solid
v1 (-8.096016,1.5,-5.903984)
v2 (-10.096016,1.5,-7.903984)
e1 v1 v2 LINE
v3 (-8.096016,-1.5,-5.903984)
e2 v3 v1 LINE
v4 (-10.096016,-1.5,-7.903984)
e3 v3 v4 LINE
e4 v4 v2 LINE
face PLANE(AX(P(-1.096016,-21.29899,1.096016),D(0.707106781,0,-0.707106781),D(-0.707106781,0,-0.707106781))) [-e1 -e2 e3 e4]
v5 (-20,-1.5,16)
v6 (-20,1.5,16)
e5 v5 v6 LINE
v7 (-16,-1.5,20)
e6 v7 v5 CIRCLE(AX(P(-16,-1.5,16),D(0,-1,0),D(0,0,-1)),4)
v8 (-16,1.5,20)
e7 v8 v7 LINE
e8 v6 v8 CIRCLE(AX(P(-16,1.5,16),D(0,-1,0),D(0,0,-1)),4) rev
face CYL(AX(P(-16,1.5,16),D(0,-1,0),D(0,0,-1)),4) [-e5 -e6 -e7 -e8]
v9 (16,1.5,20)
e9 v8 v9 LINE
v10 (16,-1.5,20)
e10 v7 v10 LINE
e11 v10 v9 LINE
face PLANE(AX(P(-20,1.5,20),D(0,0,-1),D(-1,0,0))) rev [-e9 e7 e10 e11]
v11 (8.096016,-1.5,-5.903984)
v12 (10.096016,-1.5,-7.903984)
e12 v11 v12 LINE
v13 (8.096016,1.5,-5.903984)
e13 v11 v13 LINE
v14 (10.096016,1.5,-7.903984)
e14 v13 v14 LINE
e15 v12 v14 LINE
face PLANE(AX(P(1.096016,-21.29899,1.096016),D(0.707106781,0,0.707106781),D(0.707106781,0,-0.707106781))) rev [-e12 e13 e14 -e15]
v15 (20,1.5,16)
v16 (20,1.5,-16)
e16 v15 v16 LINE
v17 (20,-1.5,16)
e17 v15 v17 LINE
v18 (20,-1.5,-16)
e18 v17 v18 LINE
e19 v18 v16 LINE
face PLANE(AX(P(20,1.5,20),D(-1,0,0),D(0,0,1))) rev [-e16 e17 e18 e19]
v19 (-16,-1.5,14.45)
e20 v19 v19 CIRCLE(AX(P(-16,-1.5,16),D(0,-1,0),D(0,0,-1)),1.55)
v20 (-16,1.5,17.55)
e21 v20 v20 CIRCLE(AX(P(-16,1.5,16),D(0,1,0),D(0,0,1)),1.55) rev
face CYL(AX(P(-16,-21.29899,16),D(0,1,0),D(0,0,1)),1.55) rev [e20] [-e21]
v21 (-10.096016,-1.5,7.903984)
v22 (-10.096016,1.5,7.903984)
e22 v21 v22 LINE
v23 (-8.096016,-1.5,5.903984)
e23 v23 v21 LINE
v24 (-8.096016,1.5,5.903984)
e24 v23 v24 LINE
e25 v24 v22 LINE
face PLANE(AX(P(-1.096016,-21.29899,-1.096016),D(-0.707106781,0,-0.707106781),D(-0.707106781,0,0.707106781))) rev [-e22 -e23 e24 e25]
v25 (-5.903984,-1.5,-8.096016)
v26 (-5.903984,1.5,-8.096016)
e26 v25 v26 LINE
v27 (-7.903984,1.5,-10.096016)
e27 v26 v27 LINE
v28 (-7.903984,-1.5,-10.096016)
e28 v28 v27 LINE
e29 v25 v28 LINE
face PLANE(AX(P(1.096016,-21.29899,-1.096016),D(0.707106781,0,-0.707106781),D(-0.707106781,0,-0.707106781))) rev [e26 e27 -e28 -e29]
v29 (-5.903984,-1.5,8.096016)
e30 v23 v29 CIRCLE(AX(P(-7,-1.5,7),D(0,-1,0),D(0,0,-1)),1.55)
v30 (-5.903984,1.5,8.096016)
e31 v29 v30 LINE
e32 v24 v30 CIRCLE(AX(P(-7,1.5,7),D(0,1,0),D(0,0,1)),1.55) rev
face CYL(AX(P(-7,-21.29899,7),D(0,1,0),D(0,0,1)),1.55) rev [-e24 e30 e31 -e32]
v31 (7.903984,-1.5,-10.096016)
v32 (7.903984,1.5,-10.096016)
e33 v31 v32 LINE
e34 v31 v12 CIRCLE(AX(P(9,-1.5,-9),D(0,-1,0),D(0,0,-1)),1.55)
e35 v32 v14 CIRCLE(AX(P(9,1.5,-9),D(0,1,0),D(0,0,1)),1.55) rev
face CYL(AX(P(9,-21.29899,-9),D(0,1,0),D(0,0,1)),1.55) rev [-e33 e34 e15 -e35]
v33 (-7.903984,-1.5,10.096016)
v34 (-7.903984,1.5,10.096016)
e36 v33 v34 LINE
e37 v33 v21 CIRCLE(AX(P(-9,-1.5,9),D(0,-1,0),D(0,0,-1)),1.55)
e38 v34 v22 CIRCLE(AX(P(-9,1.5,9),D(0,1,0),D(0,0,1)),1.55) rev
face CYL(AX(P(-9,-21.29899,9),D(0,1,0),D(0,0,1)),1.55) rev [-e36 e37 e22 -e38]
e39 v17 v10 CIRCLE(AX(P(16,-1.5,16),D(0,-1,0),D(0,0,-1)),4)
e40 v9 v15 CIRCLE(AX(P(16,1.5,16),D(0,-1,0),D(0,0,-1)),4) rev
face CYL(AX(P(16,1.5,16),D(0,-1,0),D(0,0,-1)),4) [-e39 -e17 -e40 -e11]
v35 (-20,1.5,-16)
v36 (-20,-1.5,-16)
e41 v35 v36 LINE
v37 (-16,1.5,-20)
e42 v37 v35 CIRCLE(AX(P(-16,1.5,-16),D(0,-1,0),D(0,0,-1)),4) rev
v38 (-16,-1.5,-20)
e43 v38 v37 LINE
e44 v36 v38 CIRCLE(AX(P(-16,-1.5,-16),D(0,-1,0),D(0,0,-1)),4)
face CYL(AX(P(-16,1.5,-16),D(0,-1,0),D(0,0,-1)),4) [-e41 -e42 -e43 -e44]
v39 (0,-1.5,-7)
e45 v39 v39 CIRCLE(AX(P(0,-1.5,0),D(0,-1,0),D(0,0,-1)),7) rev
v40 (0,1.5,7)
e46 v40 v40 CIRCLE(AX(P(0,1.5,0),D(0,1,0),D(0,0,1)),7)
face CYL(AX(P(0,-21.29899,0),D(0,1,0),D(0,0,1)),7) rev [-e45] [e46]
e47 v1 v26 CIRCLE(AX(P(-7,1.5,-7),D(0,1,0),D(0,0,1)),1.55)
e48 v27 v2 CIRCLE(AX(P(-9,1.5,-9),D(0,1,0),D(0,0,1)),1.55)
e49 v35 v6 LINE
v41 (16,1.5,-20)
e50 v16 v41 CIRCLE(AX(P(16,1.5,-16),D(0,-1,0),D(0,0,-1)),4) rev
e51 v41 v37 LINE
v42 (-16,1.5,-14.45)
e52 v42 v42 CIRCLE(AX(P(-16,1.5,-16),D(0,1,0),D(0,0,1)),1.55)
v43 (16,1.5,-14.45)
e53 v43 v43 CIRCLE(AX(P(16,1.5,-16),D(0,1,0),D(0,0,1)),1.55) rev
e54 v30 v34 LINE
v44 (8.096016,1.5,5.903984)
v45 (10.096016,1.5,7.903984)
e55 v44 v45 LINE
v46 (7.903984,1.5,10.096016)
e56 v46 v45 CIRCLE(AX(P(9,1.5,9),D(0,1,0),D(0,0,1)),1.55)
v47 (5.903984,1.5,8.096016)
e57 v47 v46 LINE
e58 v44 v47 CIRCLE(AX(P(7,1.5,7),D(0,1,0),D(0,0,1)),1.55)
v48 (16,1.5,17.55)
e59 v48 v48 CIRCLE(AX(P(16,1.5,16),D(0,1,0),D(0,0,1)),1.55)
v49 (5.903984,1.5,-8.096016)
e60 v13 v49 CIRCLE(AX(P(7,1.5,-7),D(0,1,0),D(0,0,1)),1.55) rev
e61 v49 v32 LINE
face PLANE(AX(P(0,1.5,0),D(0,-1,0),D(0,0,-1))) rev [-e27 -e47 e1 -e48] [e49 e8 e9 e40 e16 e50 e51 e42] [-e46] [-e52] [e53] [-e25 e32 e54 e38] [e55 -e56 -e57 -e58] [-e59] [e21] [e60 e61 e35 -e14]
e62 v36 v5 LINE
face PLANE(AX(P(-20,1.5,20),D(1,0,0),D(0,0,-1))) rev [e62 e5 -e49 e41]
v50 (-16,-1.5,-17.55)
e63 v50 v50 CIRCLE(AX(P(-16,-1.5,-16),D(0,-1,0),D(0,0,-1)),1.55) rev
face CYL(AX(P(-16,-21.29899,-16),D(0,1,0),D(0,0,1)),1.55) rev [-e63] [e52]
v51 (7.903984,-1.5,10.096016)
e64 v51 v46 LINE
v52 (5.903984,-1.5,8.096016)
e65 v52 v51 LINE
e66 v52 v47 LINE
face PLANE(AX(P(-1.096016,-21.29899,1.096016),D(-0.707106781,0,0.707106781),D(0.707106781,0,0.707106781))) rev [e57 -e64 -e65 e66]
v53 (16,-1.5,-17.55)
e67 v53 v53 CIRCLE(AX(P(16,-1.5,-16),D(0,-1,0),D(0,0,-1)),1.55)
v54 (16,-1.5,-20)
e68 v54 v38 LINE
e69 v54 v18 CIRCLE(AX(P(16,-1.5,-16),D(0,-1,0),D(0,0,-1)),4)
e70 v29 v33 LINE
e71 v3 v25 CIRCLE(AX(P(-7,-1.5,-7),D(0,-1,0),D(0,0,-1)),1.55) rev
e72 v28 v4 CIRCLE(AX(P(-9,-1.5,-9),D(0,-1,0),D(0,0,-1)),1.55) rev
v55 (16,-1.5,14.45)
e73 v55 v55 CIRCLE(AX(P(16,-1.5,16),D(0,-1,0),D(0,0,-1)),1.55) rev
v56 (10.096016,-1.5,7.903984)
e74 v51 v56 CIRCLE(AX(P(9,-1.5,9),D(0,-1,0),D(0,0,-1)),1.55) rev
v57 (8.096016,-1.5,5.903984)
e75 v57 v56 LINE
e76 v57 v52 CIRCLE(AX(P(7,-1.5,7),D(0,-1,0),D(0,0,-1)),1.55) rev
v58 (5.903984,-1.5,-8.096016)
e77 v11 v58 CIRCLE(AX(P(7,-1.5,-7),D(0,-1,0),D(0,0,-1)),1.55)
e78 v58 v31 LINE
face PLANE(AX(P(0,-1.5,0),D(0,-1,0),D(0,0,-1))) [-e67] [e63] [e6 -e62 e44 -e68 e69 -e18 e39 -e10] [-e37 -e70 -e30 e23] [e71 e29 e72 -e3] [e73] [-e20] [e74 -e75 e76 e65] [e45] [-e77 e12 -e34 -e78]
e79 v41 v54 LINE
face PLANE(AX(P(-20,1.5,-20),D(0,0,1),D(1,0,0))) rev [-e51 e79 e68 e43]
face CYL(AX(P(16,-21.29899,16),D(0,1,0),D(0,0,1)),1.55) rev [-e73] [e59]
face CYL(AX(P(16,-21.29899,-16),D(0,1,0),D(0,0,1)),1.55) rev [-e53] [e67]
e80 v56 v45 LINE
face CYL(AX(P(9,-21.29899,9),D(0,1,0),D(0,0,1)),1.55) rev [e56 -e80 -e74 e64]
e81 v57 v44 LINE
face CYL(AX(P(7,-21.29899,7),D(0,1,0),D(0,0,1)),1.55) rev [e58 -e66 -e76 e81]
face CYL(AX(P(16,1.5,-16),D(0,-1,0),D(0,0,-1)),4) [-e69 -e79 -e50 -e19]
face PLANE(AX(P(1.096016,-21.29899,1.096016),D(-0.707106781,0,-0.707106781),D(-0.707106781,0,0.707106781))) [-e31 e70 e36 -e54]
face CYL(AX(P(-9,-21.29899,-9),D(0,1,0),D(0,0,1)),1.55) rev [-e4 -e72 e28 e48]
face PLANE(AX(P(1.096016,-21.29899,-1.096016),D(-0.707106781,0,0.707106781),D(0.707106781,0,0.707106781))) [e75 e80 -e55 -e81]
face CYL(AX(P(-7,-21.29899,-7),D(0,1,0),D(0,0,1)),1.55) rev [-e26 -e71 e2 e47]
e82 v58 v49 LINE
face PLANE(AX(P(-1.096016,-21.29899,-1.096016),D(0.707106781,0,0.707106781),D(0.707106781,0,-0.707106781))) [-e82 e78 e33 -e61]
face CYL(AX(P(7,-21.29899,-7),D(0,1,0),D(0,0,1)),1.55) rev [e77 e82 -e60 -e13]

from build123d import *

# Parameters (mm, degrees)
SKETCH1_W           = 40
SKETCH1_H           = 40
BOSS_EXTRUDE1_DEPTH = 1.5
FILLET1_R           = 4
SKETCH3_R           = 7
SKETCH3_R_2         = 1.55
CUT_EXTRUDE2_DEPTH  = 3


with BuildPart() as part:
    # Sketch1 → Boss-Extrude1 (new body, symmetric)
    with BuildSketch(Plane(origin=(0, 0, 0), x_dir=(1, 0, 0), z_dir=(0, 1, 0))):
        Rectangle(SKETCH1_W, SKETCH1_H)
    extrude(amount=BOSS_EXTRUDE1_DEPTH, both=True)

    # Fillet1
    fillet1_edges = [part.edges().sort_by_distance(p)[0] for p in [
        (20, 0, 20),
        (-20, 0, 20),
        (-20, 0, -20),
        (20, 0, -20),
    ]]
    fillet(fillet1_edges, radius=FILLET1_R)

    # Sketch3 → Cut-Extrude2 (cut)
    with BuildSketch(Plane(origin=(0, 1.5, 0), x_dir=(1, 0, 0), z_dir=(0, 1, 0))):
        Circle(SKETCH3_R)
        with BuildLine():
            Line((5.903984489, -8.096015511), (7.903984489, -10.096015511))
            ThreePointArc((7.903984489, -10.096015511), (10.096015511, -10.096015511), (10.096015511, -7.903984489))
            Line((10.096015511, -7.903984489), (8.096015511, -5.903984489))
            ThreePointArc((8.096015511, -5.903984489), (5.903984489, -5.903984489), (5.903984489, -8.096015511))
        make_face()
        with Locations((16, -16)):
            Circle(SKETCH3_R_2)
        with BuildLine():
            ThreePointArc((-7.903984489, -10.096015511), (-10.096015511, -10.096015511), (-10.096015511, -7.903984489))
            Line((-10.096015511, -7.903984489), (-8.096015511, -5.903984489))
            ThreePointArc((-8.096015511, -5.903984489), (-5.903984489, -5.903984489), (-5.903984489, -8.096015511))
            Line((-5.903984489, -8.096015511), (-7.903984489, -10.096015511))
        make_face()
        with BuildLine():
            Line((-5.903984489, 8.096015511), (-7.903984489, 10.096015511))
            ThreePointArc((-7.903984489, 10.096015511), (-10.096015511, 10.096015511), (-10.096015511, 7.903984489))
            Line((-10.096015511, 7.903984489), (-8.096015511, 5.903984489))
            ThreePointArc((-8.096015511, 5.903984489), (-5.903984489, 5.903984489), (-5.903984489, 8.096015511))
        make_face()
        with Locations((-16, 16)):
            Circle(SKETCH3_R_2)
        with BuildLine():
            ThreePointArc((7.903984489, 10.096015511), (10.096015511, 10.096015511), (10.096015511, 7.903984489))
            Line((10.096015511, 7.903984489), (8.096015511, 5.903984489))
            ThreePointArc((8.096015511, 5.903984489), (5.903984489, 5.903984489), (5.903984489, 8.096015511))
            Line((5.903984489, 8.096015511), (7.903984489, 10.096015511))
        make_face()
        with Locations((16, 16)):
            Circle(SKETCH3_R_2)
        with Locations((-16, -16)):
            Circle(SKETCH3_R_2)
        with BuildLine():
            ThreePointArc((-6, 5.815728072), (-5.903984489, 5.903984489), (-5.815728072, 6))
            Line((-5.815728072, 6), (-6, 6))
            Line((-6, 6), (-6, 5.815728072))
        make_face()
        with BuildLine():
            Line((-6, -6), (-5.815728072, -6))
            ThreePointArc((-5.815728072, -6), (-5.903984489, -5.903984489), (-6, -5.815728072))
            Line((-6, -5.815728072), (-6, -6))
        make_face()
        with BuildLine():
            Line((6, -6), (6, -5.815728072))
            ThreePointArc((6, -5.815728072), (5.903984489, -5.903984489), (5.815728072, -6))
            Line((5.815728072, -6), (6, -6))
        make_face()
        with BuildLine():
            ThreePointArc((5.815728072, 6), (5.903984489, 5.903984489), (6, 5.815728072))
            Line((6, 5.815728072), (6, 6))
            Line((6, 6), (5.815728072, 6))
        make_face()
        with BuildLine():
            ThreePointArc((-6, 3.605551275), (-7, 0), (-6, -3.605551275))
            Line((-6, -3.605551275), (-6, 3.605551275))
        make_face()
        with BuildLine():
            Line((-3.605551275, 6), (3.605551275, 6))
            ThreePointArc((3.605551275, 6), (0, 7), (-3.605551275, 6))
        make_face()
        with BuildLine():
            Line((6, 3.605551275), (6, -3.605551275))
            ThreePointArc((6, -3.605551275), (6.745368782, -1.870828693), (7, 0))
            ThreePointArc((7, 0), (6.745368782, 1.870828693), (6, 3.605551275))
        make_face()
        with BuildLine():
            ThreePointArc((-3.605551275, -6), (0, -7), (3.605551275, -6))
            Line((3.605551275, -6), (-3.605551275, -6))
        make_face()
    extrude(amount=-CUT_EXTRUDE2_DEPTH, mode=Mode.SUBTRACT)


solid = part.part
